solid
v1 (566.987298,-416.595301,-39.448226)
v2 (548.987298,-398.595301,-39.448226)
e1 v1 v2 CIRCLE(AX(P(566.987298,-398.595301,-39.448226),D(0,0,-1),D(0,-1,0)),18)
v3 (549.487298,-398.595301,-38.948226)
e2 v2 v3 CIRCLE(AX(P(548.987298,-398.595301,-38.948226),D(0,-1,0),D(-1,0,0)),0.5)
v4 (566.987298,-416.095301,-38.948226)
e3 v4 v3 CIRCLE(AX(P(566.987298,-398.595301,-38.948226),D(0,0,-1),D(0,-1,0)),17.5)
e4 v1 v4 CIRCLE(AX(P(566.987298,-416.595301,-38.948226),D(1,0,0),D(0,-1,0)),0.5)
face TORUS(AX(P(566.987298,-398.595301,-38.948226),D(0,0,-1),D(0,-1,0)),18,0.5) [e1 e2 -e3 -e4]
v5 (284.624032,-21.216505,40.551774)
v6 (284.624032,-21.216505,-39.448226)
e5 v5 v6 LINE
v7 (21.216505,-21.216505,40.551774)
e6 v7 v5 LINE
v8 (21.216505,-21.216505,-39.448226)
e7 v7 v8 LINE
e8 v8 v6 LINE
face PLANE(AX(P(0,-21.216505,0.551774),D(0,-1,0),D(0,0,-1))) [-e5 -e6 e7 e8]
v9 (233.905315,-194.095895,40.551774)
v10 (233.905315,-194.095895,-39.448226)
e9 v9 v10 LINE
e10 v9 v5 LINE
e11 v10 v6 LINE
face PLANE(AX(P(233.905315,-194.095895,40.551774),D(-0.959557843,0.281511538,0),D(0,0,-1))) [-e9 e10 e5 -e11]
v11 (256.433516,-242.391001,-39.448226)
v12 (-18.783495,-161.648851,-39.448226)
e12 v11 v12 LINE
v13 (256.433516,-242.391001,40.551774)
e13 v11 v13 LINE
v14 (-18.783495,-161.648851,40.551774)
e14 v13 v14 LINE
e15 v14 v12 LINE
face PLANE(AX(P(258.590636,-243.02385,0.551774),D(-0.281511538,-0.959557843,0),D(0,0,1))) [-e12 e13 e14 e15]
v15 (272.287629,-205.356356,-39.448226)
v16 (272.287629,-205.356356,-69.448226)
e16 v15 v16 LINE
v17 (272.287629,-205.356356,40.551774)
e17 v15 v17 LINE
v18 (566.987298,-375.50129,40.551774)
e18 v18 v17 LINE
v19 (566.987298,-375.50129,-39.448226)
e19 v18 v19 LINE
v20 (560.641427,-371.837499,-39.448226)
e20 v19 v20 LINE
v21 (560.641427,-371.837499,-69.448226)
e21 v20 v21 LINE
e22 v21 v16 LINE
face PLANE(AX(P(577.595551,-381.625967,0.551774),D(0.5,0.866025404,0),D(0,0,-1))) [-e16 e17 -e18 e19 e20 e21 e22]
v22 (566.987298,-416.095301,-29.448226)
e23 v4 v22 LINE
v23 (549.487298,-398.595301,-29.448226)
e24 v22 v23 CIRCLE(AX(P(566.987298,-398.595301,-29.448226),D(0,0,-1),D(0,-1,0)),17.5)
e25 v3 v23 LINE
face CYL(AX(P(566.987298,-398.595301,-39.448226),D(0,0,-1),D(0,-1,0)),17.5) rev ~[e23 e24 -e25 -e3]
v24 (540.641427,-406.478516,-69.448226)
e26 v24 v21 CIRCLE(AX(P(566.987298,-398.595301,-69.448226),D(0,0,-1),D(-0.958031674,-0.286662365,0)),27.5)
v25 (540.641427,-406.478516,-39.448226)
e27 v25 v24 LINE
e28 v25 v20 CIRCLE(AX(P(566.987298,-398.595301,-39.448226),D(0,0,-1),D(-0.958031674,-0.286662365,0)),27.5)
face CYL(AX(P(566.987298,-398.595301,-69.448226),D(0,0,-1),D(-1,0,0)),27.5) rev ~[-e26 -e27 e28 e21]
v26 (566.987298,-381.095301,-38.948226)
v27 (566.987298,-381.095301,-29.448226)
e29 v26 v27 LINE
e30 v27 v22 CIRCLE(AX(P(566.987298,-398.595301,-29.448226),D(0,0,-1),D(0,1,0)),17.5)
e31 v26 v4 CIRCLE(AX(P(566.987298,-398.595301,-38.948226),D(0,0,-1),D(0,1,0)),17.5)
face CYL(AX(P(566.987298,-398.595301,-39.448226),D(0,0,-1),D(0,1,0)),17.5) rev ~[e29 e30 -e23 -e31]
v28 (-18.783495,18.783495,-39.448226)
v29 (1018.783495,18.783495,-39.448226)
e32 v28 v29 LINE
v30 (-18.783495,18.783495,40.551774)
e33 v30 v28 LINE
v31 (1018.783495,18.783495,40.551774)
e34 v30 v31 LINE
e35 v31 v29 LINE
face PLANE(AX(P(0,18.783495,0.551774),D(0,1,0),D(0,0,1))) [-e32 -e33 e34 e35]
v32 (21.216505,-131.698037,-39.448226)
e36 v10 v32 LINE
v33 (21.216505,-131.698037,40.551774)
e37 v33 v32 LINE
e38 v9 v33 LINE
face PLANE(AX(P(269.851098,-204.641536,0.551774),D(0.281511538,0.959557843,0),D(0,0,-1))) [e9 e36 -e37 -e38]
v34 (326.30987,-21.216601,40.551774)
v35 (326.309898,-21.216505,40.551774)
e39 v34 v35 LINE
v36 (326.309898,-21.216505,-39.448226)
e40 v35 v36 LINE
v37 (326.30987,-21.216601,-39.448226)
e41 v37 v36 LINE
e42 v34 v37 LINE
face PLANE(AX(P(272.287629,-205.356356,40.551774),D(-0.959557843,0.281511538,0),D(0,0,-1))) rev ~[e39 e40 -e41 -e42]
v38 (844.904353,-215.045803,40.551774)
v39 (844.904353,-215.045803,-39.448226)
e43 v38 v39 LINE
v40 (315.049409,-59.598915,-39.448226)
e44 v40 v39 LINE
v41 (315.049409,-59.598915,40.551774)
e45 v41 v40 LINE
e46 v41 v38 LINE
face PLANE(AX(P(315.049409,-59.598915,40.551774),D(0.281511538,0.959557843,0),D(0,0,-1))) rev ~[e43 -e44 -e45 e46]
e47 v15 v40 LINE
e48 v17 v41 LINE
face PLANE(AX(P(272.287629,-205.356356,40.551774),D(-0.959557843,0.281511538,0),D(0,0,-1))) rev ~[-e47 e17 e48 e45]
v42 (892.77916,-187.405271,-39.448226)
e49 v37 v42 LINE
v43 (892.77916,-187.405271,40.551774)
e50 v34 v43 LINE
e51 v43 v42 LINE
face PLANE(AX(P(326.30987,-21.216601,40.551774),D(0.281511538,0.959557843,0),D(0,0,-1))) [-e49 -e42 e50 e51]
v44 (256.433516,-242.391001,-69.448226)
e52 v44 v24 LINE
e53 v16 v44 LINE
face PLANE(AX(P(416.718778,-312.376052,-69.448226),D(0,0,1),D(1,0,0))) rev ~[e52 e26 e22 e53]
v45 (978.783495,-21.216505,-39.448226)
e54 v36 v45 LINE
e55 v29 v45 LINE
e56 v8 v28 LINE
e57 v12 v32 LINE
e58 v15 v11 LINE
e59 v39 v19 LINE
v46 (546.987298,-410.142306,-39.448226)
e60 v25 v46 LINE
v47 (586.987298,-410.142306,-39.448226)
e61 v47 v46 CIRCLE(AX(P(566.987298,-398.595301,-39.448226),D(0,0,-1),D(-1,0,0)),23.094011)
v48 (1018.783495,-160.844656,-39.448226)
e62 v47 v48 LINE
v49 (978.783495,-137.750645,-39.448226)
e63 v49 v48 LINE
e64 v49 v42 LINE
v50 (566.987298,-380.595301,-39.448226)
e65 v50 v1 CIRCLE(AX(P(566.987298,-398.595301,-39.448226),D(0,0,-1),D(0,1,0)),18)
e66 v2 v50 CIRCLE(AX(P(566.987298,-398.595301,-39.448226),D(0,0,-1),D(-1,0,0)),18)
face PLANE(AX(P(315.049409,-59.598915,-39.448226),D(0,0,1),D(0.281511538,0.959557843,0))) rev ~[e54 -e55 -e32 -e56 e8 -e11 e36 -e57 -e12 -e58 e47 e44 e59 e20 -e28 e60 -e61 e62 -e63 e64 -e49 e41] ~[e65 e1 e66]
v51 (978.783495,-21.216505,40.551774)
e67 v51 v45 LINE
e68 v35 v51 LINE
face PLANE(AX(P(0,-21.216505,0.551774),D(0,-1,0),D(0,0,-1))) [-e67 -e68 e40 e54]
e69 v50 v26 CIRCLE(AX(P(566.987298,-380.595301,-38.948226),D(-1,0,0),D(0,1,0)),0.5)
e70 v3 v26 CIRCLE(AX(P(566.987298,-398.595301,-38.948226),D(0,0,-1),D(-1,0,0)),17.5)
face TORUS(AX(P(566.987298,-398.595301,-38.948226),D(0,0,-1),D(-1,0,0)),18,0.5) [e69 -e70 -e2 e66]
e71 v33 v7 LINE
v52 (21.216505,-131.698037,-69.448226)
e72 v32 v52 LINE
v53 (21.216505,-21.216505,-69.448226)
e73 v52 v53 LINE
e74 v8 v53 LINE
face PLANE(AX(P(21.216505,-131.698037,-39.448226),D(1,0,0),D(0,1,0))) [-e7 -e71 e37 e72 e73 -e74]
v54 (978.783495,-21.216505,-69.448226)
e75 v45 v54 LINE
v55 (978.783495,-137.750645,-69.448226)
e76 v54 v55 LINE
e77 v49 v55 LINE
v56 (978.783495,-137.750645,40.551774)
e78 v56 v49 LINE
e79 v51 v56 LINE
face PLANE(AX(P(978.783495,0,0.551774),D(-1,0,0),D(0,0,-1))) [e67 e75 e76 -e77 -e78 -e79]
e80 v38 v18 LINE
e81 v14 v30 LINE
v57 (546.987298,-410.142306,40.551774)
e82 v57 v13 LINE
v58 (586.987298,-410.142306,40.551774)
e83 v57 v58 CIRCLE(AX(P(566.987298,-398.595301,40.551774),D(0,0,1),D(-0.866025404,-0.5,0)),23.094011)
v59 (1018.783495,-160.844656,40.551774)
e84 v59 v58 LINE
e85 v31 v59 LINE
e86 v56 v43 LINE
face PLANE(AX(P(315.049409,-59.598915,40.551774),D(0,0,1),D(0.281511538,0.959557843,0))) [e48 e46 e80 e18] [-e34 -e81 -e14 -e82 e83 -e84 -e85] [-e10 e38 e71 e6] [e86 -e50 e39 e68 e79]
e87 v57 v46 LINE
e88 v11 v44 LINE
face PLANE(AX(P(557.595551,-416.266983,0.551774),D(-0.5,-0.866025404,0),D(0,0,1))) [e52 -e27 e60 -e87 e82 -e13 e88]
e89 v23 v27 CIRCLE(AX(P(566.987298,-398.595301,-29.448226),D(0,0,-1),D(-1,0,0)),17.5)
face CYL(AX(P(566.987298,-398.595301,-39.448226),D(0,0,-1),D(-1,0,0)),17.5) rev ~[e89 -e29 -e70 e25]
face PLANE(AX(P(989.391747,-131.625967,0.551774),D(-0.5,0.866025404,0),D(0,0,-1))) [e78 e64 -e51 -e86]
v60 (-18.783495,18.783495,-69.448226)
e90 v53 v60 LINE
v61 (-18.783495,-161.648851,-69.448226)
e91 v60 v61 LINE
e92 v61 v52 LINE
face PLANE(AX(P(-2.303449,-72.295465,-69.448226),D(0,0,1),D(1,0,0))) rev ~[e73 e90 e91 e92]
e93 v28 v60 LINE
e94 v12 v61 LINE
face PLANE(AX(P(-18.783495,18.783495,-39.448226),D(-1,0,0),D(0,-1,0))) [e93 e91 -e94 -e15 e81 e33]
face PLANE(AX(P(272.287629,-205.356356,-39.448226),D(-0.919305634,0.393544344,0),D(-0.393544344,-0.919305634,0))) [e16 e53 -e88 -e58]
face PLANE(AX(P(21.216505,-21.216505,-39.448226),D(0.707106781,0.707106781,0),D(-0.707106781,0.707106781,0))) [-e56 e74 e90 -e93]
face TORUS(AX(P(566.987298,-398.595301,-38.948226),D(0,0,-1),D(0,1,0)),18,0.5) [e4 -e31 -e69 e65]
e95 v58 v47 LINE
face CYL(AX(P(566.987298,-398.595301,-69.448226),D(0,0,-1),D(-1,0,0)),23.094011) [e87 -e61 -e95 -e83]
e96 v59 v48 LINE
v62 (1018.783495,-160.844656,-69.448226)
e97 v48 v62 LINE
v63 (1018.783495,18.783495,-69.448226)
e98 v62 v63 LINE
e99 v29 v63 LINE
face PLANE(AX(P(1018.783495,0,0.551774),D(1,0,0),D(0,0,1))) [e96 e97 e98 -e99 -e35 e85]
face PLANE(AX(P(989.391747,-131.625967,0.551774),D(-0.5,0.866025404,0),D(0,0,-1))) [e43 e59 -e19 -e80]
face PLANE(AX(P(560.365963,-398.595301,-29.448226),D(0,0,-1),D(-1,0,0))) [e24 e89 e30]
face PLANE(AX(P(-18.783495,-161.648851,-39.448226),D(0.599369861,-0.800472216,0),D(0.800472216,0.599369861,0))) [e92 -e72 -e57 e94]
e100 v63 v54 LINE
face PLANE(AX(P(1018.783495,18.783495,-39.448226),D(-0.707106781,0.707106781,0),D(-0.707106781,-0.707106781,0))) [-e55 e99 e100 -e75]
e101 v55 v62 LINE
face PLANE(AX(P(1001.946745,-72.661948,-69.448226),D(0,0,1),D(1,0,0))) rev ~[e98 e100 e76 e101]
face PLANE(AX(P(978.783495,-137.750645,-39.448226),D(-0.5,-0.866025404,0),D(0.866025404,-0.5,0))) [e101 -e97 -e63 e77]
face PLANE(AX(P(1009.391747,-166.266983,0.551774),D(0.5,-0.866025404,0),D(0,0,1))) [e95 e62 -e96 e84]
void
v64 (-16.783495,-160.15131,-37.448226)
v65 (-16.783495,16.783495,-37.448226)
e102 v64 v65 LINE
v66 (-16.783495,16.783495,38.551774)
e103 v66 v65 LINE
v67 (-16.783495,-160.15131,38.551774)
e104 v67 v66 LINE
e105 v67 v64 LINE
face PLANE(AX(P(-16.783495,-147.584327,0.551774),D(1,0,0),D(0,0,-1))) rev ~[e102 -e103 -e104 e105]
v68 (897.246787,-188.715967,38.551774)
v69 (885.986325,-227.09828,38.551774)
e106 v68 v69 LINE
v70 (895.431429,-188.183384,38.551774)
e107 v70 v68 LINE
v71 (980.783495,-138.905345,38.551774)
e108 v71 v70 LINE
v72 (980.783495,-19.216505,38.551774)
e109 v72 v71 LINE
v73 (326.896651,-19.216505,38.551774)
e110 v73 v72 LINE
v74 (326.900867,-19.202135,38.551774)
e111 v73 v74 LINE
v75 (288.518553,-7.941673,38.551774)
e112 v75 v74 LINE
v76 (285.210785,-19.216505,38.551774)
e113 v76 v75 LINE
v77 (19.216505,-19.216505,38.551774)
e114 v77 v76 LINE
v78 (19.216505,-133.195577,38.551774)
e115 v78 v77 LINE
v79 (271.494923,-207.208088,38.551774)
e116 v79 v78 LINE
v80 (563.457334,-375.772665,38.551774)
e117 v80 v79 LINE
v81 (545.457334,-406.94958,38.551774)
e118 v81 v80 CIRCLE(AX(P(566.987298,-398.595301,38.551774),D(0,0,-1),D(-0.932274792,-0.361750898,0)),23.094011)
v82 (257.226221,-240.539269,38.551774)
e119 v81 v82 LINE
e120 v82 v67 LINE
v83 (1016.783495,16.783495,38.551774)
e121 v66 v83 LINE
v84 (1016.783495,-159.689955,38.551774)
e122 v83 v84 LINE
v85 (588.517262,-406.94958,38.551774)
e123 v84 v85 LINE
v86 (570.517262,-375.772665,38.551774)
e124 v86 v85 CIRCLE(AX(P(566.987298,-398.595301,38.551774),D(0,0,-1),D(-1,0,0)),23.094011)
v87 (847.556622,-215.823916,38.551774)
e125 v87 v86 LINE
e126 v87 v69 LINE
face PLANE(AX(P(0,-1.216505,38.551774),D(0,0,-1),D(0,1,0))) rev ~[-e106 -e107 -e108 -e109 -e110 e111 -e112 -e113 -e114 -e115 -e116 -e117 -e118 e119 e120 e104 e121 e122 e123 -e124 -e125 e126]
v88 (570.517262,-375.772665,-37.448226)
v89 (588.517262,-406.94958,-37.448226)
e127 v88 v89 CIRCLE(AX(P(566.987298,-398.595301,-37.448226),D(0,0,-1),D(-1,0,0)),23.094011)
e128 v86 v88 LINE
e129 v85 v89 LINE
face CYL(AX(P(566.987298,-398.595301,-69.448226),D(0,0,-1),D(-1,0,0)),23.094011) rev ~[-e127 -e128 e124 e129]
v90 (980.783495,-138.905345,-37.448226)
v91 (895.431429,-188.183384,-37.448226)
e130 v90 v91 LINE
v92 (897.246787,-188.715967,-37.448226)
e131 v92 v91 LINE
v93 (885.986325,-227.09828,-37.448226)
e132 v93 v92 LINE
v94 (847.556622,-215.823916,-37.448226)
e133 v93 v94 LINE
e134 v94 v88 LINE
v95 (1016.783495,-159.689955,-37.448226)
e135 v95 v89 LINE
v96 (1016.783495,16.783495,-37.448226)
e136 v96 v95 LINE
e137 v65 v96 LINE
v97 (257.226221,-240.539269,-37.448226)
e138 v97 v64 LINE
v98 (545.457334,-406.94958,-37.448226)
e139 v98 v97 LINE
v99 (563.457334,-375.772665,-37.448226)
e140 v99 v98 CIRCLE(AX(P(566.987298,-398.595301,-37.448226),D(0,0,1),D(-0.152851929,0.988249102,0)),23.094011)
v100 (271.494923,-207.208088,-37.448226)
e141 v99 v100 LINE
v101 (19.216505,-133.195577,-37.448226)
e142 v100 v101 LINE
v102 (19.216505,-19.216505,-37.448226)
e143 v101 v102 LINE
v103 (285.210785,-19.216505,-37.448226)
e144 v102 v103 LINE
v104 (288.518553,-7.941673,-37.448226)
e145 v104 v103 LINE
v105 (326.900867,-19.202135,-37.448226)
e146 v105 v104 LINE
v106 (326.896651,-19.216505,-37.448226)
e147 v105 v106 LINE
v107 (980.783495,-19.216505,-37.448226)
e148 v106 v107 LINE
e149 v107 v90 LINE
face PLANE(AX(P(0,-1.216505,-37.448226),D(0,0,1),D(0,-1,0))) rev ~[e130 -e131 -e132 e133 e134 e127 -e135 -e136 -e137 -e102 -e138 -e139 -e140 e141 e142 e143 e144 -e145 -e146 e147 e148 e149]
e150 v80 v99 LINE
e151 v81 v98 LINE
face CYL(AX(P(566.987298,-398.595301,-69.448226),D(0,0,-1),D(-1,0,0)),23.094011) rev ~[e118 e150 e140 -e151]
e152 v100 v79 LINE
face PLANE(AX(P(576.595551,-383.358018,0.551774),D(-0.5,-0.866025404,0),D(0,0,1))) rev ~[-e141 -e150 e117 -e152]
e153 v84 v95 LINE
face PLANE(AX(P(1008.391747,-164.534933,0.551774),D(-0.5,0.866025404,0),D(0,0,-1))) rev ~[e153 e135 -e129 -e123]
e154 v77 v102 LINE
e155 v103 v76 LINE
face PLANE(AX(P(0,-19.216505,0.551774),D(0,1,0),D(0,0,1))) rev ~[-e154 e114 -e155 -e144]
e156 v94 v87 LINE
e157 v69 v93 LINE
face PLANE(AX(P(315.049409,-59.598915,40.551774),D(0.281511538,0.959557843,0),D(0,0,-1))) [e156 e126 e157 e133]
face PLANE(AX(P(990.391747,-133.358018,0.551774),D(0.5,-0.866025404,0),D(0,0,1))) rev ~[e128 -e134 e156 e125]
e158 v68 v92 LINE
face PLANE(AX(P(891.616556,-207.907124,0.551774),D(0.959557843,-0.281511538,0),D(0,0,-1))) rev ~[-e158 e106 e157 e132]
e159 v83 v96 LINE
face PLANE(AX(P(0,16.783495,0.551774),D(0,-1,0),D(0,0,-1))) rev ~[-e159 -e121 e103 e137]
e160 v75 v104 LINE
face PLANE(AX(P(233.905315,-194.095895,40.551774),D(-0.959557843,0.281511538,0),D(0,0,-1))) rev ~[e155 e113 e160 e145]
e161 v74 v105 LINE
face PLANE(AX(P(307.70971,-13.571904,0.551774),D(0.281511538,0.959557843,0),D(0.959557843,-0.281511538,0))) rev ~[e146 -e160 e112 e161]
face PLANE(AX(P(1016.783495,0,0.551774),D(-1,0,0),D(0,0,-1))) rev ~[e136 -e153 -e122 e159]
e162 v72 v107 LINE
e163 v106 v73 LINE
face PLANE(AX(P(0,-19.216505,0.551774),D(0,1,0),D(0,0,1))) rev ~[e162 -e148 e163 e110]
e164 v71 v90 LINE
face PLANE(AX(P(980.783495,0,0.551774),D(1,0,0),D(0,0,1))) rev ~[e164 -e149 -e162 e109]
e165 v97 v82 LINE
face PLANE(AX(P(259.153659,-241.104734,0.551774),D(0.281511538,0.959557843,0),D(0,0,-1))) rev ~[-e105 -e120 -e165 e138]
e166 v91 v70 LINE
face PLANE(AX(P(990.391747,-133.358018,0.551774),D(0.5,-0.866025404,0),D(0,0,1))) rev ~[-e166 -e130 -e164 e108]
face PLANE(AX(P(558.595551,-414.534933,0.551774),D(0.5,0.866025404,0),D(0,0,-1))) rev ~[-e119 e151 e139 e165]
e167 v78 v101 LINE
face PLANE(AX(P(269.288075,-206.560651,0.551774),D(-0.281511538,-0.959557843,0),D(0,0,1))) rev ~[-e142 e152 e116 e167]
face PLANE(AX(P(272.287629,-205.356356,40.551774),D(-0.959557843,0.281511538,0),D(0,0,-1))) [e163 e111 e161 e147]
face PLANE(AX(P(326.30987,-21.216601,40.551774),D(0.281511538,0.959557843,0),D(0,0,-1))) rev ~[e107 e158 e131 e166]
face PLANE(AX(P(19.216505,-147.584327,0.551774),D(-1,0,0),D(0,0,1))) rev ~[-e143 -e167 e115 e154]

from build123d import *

# Parameters (mm, degrees)
SKETCH_6_W          = 80
SKETCH_6_H          = 40
SKETCH_6_W_2        = 76
SKETCH_6_H_2        = 36
SKETCH_14_W         = 40
SKETCH_14_H         = 80
EXTRUDE_1_DEPTH     = 194
SKETCH_15_W         = 80
SKETCH_15_H         = 40
EXTRUDE_2_DEPTH     = 595
EXTRUDE_3_DEPTH     = 30
SKETCH_17_R         = 23.094010768
EXTRUDE_4_DEPTH     = 110
SKETCH_18_R         = 27.5
SKETCH_18_R_2       = 23.094010768
CUT_EXTRUDE_1_DEPTH = 30
SKETCH_22_R         = 23.094010768
CUT_EXTRUDE_3_DEPTH = 30
CUT_EXTRUDE_4_DEPTH = 10
FILLET_1_R          = 0.5


with BuildPart() as part:
    # По траектории13: sweep along a curve in space
    with BuildLine() as sweep_13_path:
        Line((0, 0, 0), (1000, 0, 0))
        Line((1000, 0, 0), (1000, -150, 0))
        Line((1000, -150, 0), (566.987298108, -400, 0))
        Line((566.987298108, -400, 0), (263.878406783, -225, 0))
        Line((263.878406783, -225, 0), (0, -147.584326952, 0))
        Line((0, -147.584326952, 0), (0, 0, 0))
    # Эскиз6 → По траектории13 (sweep)
    with BuildSketch(Plane(origin=(0, 0, 0), x_dir=(0, 0, -1), z_dir=(1, 0, 0))):
        with Locations((-0.551773823, -1.216505436)):
            Rectangle(SKETCH_6_W, SKETCH_6_H)
        with Locations((-0.551773823, -1.216505436)):
            Rectangle(SKETCH_6_W_2, SKETCH_6_H_2, mode=Mode.SUBTRACT)
    sweep(path=sweep_13_path.line, transition=Transition.RIGHT)

    # Эскиз14 → Бобышка-Вытянуть1 (add)
    with BuildSketch(Plane(origin=(-33.89376203, -115.529989888, 0), x_dir=(0.9595578428480989, -0.2815115383580276, 0), z_dir=(0.2815115383580276, 0.9595578428480989, 0))):
        with Locations((299.085913187, -0.551773823)):
            Rectangle(SKETCH_14_W, SKETCH_14_H)
    extrude(amount=EXTRUDE_1_DEPTH)

    # Эскиз15 → Бобышка-Вытянуть2 (add)
    with BuildSketch(Plane(origin=(306.181390541, -89.82636629, 0), x_dir=(0, 0, -1), z_dir=(0.9595578428480989, -0.28151153835802767, 0))):
        with Locations((-0.551773823, 51.50143726)):
            Rectangle(SKETCH_15_W, SKETCH_15_H)
    extrude(amount=EXTRUDE_2_DEPTH)

    # Эскиз16 → Бобышка-Вытянуть3 (add)
    with BuildSketch(Plane(origin=(0, 0, -39.448226177), x_dir=(-1, 0, 0), z_dir=(0, 0, -1))):
        Polygon((18.783494564, 18.783494564), (18.783494564, -161.648850746), (-21.216505436, -131.698036755), (-21.216505436, -21.216505436), align=None)
        Polygon((-272.28762851, -205.356356178), (-256.433515773, -242.391001456), (-566.987298108, -421.689311285), (-566.987298108, -375.50128975), align=None)
        Polygon((-1018.783494564, 18.783494564), (-978.783494564, -21.216505436), (-978.783494564, -137.750644875), (-1018.783494564, -160.844655643), align=None)
    extrude(amount=EXTRUDE_3_DEPTH)

    # Эскиз17 → Бобышка-Вытянуть4 (add)
    with BuildSketch(Plane(origin=(0, 0, -69.448226177), x_dir=(-1, 0, 0), z_dir=(0, 0, -1))):
        with Locations((-566.987298108, -398.595300518)):
            Circle(SKETCH_17_R)
    extrude(amount=-EXTRUDE_4_DEPTH)

    # Эскиз18 → Вырез-Вытянуть1 (cut)
    with BuildSketch(Plane(origin=(0, 0, -69.448226177), x_dir=(-1, 0, 0), z_dir=(0, 0, -1))):
        with Locations((-566.987298108, -398.595300518)):
            Circle(SKETCH_18_R)
        with Locations((-566.987298108, -398.595300518)):
            Circle(SKETCH_18_R_2, mode=Mode.SUBTRACT)
    extrude(amount=-CUT_EXTRUDE_1_DEPTH, mode=Mode.SUBTRACT)

    # Эскиз22 → Вырез-Вытянуть3 (cut)
    with BuildSketch(Plane(origin=(0, 0, -69.448226177), x_dir=(-1, 0, 0), z_dir=(0, 0, -1))):
        with Locations((-566.987298108, -398.595300518)):
            Circle(SKETCH_22_R)
    extrude(amount=-CUT_EXTRUDE_3_DEPTH, mode=Mode.SUBTRACT)

    # Эскиз23 → Вырез-Вытянуть4 (cut)
    with BuildSketch(Plane(origin=(0, 0, -39.448226177), x_dir=(-1, 0, 0), z_dir=(0, 0, -1))):
        with BuildLine():
            ThreePointArc((-549.487298108, -398.595300518), (-554.612929437, -386.220931847), (-566.987298108, -381.095300518))
            Line((-566.987298108, -381.095300518), (-566.987298108, -416.095300518))
            ThreePointArc((-566.987298108, -416.095300518), (-554.612929437, -410.969669189), (-549.487298108, -398.595300518))
        make_face()
        with BuildLine():
            Line((-566.987298108, -416.095300518), (-566.987298108, -381.095300518))
            ThreePointArc((-566.987298108, -381.095300518), (-584.487298108, -398.595300518), (-566.987298108, -416.095300518))
        make_face()
    extrude(amount=-CUT_EXTRUDE_4_DEPTH, mode=Mode.SUBTRACT)

    # Скругление1
    fillet_1_edges = [part.edges().sort_by_distance(p)[0] for p in [
        (566.987298108, -416.095300518, -39.448226177),
    ]]
    fillet(fillet_1_edges, radius=FILLET_1_R)


solid = part.part
